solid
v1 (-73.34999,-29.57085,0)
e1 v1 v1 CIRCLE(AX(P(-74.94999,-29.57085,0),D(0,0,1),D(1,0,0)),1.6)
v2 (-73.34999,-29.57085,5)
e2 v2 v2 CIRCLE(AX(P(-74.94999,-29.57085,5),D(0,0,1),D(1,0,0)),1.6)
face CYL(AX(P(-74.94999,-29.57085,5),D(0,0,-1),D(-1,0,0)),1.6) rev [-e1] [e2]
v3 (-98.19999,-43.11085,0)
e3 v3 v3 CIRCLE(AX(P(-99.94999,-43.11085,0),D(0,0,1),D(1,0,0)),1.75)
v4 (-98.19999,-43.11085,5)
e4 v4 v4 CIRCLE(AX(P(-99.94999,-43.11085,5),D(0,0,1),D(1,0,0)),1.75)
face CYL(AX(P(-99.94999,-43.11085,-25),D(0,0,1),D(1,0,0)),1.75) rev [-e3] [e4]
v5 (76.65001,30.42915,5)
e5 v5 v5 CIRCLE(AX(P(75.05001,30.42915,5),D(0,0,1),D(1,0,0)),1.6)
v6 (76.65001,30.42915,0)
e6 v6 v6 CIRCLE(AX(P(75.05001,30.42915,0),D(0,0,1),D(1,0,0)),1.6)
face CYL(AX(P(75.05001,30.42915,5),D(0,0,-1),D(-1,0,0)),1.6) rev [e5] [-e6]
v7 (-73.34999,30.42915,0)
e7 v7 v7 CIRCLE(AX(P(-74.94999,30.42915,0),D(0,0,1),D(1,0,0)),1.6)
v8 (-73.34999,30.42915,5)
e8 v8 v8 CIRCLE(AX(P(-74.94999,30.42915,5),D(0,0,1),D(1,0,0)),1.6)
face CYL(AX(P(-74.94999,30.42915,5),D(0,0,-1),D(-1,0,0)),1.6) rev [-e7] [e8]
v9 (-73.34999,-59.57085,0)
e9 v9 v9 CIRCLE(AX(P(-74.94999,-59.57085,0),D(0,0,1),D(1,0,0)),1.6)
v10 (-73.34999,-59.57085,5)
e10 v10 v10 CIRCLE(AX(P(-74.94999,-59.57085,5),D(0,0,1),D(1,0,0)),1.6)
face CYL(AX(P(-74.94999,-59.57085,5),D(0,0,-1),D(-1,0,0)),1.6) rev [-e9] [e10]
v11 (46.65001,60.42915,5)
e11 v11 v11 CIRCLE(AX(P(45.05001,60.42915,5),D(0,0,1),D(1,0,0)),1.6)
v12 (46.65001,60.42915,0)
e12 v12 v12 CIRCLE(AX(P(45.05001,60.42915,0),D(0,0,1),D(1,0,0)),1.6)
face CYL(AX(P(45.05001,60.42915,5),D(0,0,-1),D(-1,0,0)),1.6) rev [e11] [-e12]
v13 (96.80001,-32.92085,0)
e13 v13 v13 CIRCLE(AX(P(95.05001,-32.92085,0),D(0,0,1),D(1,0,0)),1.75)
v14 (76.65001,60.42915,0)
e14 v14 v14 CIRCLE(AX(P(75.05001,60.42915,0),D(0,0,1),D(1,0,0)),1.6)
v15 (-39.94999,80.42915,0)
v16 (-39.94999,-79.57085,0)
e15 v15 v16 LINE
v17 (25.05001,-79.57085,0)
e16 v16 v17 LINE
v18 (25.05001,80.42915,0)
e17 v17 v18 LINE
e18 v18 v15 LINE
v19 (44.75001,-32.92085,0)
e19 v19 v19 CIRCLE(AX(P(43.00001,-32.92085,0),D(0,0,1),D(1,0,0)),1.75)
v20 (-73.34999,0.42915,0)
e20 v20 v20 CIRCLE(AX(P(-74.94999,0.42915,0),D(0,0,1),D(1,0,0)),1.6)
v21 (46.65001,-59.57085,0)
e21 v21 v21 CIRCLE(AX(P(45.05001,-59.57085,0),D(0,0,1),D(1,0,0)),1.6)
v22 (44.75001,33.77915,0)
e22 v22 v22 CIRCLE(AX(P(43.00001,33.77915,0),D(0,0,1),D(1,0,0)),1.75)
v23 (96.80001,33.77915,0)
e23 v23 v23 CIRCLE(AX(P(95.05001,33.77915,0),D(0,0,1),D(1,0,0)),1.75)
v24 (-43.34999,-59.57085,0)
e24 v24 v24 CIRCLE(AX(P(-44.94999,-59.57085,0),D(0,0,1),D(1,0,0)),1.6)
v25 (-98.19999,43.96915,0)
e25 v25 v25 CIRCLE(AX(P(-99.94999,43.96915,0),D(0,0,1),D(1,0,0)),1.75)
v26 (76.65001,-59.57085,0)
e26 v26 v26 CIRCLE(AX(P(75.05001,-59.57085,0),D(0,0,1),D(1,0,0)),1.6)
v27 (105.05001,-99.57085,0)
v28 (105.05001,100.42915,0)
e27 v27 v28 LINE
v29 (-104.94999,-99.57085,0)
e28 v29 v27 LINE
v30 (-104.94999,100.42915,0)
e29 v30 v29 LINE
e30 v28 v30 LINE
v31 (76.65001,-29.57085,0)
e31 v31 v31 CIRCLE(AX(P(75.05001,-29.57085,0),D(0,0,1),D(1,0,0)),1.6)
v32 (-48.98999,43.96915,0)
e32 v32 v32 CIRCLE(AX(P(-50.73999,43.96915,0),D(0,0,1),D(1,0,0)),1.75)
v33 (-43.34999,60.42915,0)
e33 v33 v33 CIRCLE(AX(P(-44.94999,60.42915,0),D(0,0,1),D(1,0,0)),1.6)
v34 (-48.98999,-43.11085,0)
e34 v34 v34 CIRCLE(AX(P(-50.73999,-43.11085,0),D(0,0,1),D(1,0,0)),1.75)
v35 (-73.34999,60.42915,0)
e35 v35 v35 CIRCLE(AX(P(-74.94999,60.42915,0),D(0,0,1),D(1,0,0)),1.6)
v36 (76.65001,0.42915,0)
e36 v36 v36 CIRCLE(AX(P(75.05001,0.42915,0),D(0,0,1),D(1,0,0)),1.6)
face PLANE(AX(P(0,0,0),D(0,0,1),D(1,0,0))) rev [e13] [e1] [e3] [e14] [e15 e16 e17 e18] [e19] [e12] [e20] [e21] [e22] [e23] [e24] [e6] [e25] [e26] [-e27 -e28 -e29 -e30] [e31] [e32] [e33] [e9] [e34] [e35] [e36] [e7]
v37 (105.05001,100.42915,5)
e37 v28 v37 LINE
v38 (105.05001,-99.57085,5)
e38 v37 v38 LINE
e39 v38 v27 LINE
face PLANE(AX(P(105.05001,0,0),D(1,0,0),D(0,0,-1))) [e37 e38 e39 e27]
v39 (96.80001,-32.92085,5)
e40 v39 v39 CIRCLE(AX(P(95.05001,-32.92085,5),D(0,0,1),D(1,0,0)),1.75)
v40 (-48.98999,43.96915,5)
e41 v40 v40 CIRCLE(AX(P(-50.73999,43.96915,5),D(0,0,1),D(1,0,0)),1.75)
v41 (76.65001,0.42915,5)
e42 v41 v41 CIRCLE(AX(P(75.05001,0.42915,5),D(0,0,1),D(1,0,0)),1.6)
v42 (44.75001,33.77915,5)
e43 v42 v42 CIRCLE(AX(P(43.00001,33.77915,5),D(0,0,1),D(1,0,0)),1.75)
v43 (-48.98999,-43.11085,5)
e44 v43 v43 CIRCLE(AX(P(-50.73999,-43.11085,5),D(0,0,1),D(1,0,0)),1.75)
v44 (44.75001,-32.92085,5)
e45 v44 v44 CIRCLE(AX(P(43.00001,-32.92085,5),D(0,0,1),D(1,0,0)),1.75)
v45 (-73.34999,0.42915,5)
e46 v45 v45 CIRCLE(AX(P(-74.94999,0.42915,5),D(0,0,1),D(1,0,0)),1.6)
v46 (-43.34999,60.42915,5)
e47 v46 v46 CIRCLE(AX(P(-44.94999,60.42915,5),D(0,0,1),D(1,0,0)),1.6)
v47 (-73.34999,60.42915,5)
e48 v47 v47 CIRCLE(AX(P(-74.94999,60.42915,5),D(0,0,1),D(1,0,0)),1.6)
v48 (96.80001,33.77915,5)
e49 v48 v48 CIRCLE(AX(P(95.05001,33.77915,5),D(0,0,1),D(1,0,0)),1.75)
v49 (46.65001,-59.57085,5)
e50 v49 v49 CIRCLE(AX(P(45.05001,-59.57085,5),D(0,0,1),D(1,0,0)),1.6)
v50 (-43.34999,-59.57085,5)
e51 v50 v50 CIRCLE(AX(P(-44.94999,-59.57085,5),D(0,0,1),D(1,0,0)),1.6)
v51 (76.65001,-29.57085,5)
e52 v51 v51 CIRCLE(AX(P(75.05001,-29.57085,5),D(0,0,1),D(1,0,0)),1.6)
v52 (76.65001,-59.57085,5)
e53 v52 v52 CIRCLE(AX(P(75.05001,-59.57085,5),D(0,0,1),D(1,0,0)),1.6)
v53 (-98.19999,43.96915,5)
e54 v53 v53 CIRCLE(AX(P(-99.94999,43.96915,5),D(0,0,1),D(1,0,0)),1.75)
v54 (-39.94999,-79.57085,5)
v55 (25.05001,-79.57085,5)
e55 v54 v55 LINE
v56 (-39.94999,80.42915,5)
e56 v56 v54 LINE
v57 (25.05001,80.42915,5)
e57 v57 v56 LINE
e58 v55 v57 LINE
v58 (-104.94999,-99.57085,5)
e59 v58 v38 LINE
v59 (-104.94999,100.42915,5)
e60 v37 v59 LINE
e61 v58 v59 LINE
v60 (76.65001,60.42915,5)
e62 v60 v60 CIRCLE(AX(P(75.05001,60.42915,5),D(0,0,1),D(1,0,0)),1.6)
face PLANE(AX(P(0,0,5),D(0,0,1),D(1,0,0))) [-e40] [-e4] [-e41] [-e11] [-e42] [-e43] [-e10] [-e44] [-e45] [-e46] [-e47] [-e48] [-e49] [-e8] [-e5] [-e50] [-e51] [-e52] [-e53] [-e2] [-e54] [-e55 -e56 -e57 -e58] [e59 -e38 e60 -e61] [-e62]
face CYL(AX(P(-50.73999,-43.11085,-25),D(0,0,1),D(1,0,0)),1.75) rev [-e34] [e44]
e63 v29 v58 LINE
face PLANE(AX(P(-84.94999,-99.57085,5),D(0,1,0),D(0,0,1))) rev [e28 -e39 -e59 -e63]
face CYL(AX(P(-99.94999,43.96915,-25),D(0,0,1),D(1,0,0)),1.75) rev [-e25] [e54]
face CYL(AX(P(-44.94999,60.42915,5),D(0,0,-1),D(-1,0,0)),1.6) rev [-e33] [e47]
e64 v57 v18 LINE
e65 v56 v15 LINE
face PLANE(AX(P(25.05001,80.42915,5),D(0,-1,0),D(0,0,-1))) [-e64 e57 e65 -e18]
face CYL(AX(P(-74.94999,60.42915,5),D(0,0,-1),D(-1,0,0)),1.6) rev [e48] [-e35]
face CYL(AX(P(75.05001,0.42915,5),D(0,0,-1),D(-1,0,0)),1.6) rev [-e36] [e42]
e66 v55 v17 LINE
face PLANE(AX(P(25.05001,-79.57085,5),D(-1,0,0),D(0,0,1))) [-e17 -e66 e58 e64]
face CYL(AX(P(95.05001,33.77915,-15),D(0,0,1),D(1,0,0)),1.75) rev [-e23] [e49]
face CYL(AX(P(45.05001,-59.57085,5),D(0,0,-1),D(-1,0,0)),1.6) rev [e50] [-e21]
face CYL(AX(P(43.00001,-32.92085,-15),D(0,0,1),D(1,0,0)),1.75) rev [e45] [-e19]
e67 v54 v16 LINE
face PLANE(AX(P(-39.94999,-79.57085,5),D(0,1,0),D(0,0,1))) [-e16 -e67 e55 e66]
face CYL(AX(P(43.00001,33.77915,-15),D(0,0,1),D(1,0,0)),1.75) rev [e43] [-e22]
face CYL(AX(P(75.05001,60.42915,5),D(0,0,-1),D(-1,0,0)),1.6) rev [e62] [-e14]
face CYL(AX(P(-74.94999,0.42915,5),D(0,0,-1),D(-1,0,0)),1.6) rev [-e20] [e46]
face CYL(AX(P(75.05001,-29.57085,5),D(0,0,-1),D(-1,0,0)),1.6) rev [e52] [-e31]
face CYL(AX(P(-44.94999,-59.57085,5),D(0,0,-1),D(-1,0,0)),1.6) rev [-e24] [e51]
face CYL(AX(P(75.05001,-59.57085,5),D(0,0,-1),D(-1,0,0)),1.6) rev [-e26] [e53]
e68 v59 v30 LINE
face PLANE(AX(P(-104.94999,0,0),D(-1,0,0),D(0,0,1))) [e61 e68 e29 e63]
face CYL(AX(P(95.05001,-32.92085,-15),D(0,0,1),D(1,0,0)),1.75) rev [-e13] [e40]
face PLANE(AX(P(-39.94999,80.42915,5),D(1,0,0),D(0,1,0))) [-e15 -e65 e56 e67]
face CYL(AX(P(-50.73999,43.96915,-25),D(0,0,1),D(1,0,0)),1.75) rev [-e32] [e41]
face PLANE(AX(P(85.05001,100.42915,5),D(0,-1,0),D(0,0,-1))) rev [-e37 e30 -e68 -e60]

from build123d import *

# Parameters (mm, degrees)
SKETCH_1_W          = 170
SKETCH_1_H          = 200
SKETCH_1_R          = 1.6
SKETCH_1_W_2        = 65
SKETCH_1_H_2        = 160
EXTRUDE_1_DEPTH     = 5
SKETCH_5_W          = 5
SKETCH_5_H          = 200
EXTRUDE_2_DEPTH     = 20
SKETCH_4_R          = 1.75
CUT_EXTRUDE_1_DEPTH = 30
SKETCH_6_W          = 5
SKETCH_6_H          = 200
EXTRUDE_3_DEPTH     = 20
CUT_EXTRUDE_2_DEPTH = 20


with BuildPart() as part:
    # 草图1 → 凸台-拉伸1 (new body)
    with BuildSketch(Plane.XY):
        with Locations((0.050009972, 0.429149843)):
            Rectangle(SKETCH_1_W, SKETCH_1_H)
        with Locations((-74.949990028, 60.429149843)):
            Circle(SKETCH_1_R, mode=Mode.SUBTRACT)
        with Locations((-74.949990028, -59.570850157)):
            Circle(SKETCH_1_R, mode=Mode.SUBTRACT)
        with Locations((75.050009972, -59.570850157)):
            Circle(SKETCH_1_R, mode=Mode.SUBTRACT)
        with Locations((75.050009972, 60.429149843)):
            Circle(SKETCH_1_R, mode=Mode.SUBTRACT)
        with Locations((75.050009972, 30.429149843)):
            Circle(SKETCH_1_R, mode=Mode.SUBTRACT)
        with Locations((-74.949990028, 30.429149843)):
            Circle(SKETCH_1_R, mode=Mode.SUBTRACT)
        with Locations((45.050009972, -59.570850157)):
            Circle(SKETCH_1_R, mode=Mode.SUBTRACT)
        with Locations((-74.949990028, 0.429149843)):
            Circle(SKETCH_1_R, mode=Mode.SUBTRACT)
        with Locations((75.050009972, 0.429149843)):
            Circle(SKETCH_1_R, mode=Mode.SUBTRACT)
        with Locations((-74.949990028, -29.570850157)):
            Circle(SKETCH_1_R, mode=Mode.SUBTRACT)
        with Locations((75.050009972, -29.570850157)):
            Circle(SKETCH_1_R, mode=Mode.SUBTRACT)
        with Locations((-44.949990028, -59.570850157)):
            Circle(SKETCH_1_R, mode=Mode.SUBTRACT)
        with Locations((45.050009972, 60.429149843)):
            Circle(SKETCH_1_R, mode=Mode.SUBTRACT)
        with Locations((-44.949990028, 60.429149843)):
            Circle(SKETCH_1_R, mode=Mode.SUBTRACT)
        with Locations((-7.449990028, 0.429149843)):
            Rectangle(SKETCH_1_W_2, SKETCH_1_H_2, mode=Mode.SUBTRACT)
    extrude(amount=EXTRUDE_1_DEPTH)

    # 草图5 → 凸台-拉伸2 (add)
    with BuildSketch(Plane.ZY.offset(84.949990028)):
        with Locations((2.5, 0.429149843)):
            Rectangle(SKETCH_5_W, SKETCH_5_H)
    extrude(amount=EXTRUDE_2_DEPTH)

    # 草图4 → 切除-拉伸1 (cut)
    with BuildSketch(Plane.XY.offset(5)):
        with BuildLine():
            Line((-99.949990028, 42.219149843), (-99.949990028, 43.969149843))
            Line((-99.949990028, 43.969149843), (-98.199990028, 43.969149843))
            ThreePointArc((-98.199990028, 43.969149843), (-101.187426895, 45.206586711), (-99.949990028, 42.219149843))
        make_face()
        with BuildLine():
            Line((-98.199990028, 43.969149843), (-99.949990028, 43.969149843))
            Line((-99.949990028, 43.969149843), (-99.949990028, 42.219149843))
            ThreePointArc((-99.949990028, 42.219149843), (-98.712553161, 42.731712976), (-98.199990028, 43.969149843))
        make_face()
        with BuildLine():
            Line((-99.949990028, 42.219149843), (-99.949990028, 43.969149843))
            Line((-99.949990028, 43.969149843), (-98.199990028, 43.969149843))
            ThreePointArc((-98.199990028, 43.969149843), (-101.187426895, 45.206586711), (-99.949990028, 42.219149843))
        make_face()
        with BuildLine():
            Line((-98.199990028, 43.969149843), (-99.949990028, 43.969149843))
            Line((-99.949990028, 43.969149843), (-99.949990028, 42.219149843))
            ThreePointArc((-99.949990028, 42.219149843), (-98.712553161, 42.731712976), (-98.199990028, 43.969149843))
        make_face()
        with BuildLine():
            ThreePointArc((-98.199990028, -43.110850157), (-98.712553161, -41.873413289), (-99.949990028, -41.360850157))
            Line((-99.949990028, -41.360850157), (-99.949990028, -43.110850157))
            Line((-99.949990028, -43.110850157), (-98.199990028, -43.110850157))
        make_face()
        with BuildLine():
            Line((-99.949990028, -43.110850157), (-99.949990028, -41.360850157))
            ThreePointArc((-99.949990028, -41.360850157), (-101.187426895, -44.348287024), (-98.199990028, -43.110850157))
            Line((-98.199990028, -43.110850157), (-99.949990028, -43.110850157))
        make_face()
        with BuildLine():
            ThreePointArc((-98.199990028, -43.110850157), (-98.712553161, -41.873413289), (-99.949990028, -41.360850157))
            Line((-99.949990028, -41.360850157), (-99.949990028, -43.110850157))
            Line((-99.949990028, -43.110850157), (-98.199990028, -43.110850157))
        make_face()
        with BuildLine():
            Line((-99.949990028, -43.110850157), (-99.949990028, -41.360850157))
            ThreePointArc((-99.949990028, -41.360850157), (-101.187426895, -44.348287024), (-98.199990028, -43.110850157))
            Line((-98.199990028, -43.110850157), (-99.949990028, -43.110850157))
        make_face()
        with BuildLine():
            ThreePointArc((-48.989990028, -43.110850157), (-49.502553161, -41.873413289), (-50.739990028, -41.360850157))
            Line((-50.739990028, -41.360850157), (-50.739990028, -43.110850157))
            Line((-50.739990028, -43.110850157), (-52.489990028, -43.110850157))
            ThreePointArc((-52.489990028, -43.110850157), (-50.739990028, -44.860850157), (-48.989990028, -43.110850157))
        make_face()
        with BuildLine():
            Line((-50.739990028, -43.110850157), (-50.739990028, -41.360850157))
            ThreePointArc((-50.739990028, -41.360850157), (-51.977426895, -41.873413289), (-52.489990028, -43.110850157))
            Line((-52.489990028, -43.110850157), (-50.739990028, -43.110850157))
        make_face()
        with BuildLine():
            ThreePointArc((-48.989990028, -43.110850157), (-49.502553161, -41.873413289), (-50.739990028, -41.360850157))
            Line((-50.739990028, -41.360850157), (-50.739990028, -43.110850157))
            Line((-50.739990028, -43.110850157), (-52.489990028, -43.110850157))
            ThreePointArc((-52.489990028, -43.110850157), (-50.739990028, -44.860850157), (-48.989990028, -43.110850157))
        make_face()
        with BuildLine():
            Line((-50.739990028, -43.110850157), (-50.739990028, -41.360850157))
            ThreePointArc((-50.739990028, -41.360850157), (-51.977426895, -41.873413289), (-52.489990028, -43.110850157))
            Line((-52.489990028, -43.110850157), (-50.739990028, -43.110850157))
        make_face()
        with Locations((-50.739990028, 43.969149843)):
            Circle(SKETCH_4_R)
    extrude(amount=-CUT_EXTRUDE_1_DEPTH, mode=Mode.SUBTRACT)

    # 草图6 → 凸台-拉伸3 (add)
    with BuildSketch(Plane(origin=(85.050009972, 0, 0), x_dir=(0, 0, -1), z_dir=(1, 0, 0))):
        with Locations((-2.5, 0.429149843)):
            Rectangle(SKETCH_6_W, SKETCH_6_H)
    extrude(amount=EXTRUDE_3_DEPTH)

    # 草图7 → 切除-拉伸2 (cut)
    with BuildSketch(Plane.XY.offset(5)):
        with BuildLine():
            Line((43.000009972, 32.029149843), (43.000009972, 33.779149843))
            Line((43.000009972, 33.779149843), (44.750009972, 33.779149843))
            ThreePointArc((44.750009972, 33.779149843), (41.762573105, 35.016586711), (43.000009972, 32.029149843))
        make_face()
        with BuildLine():
            Line((44.750009972, 33.779149843), (43.000009972, 33.779149843))
            Line((43.000009972, 33.779149843), (43.000009972, 32.029149843))
            ThreePointArc((43.000009972, 32.029149843), (44.237446839, 32.541712976), (44.750009972, 33.779149843))
        make_face()
        with BuildLine():
            Line((43.000009972, 32.029149843), (43.000009972, 33.779149843))
            Line((43.000009972, 33.779149843), (44.750009972, 33.779149843))
            ThreePointArc((44.750009972, 33.779149843), (41.762573105, 35.016586711), (43.000009972, 32.029149843))
        make_face()
        with BuildLine():
            Line((44.750009972, 33.779149843), (43.000009972, 33.779149843))
            Line((43.000009972, 33.779149843), (43.000009972, 32.029149843))
            ThreePointArc((43.000009972, 32.029149843), (44.237446839, 32.541712976), (44.750009972, 33.779149843))
        make_face()
        with BuildLine():
            ThreePointArc((44.750009972, -32.920850157), (44.237446839, -31.683413289), (43.000009972, -31.170850157))
            Line((43.000009972, -31.170850157), (43.000009972, -32.920850157))
            Line((43.000009972, -32.920850157), (44.750009972, -32.920850157))
        make_face()
        with BuildLine():
            Line((43.000009972, -32.920850157), (43.000009972, -31.170850157))
            ThreePointArc((43.000009972, -31.170850157), (41.762573105, -34.158287024), (44.750009972, -32.920850157))
            Line((44.750009972, -32.920850157), (43.000009972, -32.920850157))
        make_face()
        with BuildLine():
            ThreePointArc((44.750009972, -32.920850157), (44.237446839, -31.683413289), (43.000009972, -31.170850157))
            Line((43.000009972, -31.170850157), (43.000009972, -32.920850157))
            Line((43.000009972, -32.920850157), (44.750009972, -32.920850157))
        make_face()
        with BuildLine():
            Line((43.000009972, -32.920850157), (43.000009972, -31.170850157))
            ThreePointArc((43.000009972, -31.170850157), (41.762573105, -34.158287024), (44.750009972, -32.920850157))
            Line((44.750009972, -32.920850157), (43.000009972, -32.920850157))
        make_face()
        with BuildLine():
            ThreePointArc((96.800009972, -32.920850157), (96.287446839, -31.683413289), (95.050009972, -31.170850157))
            Line((95.050009972, -31.170850157), (95.050009972, -32.920850157))
            Line((95.050009972, -32.920850157), (93.300009972, -32.920850157))
            ThreePointArc((93.300009972, -32.920850157), (95.050009972, -34.670850157), (96.800009972, -32.920850157))
        make_face()
        with BuildLine():
            Line((95.050009972, -32.920850157), (95.050009972, -31.170850157))
            ThreePointArc((95.050009972, -31.170850157), (93.812573105, -31.683413289), (93.300009972, -32.920850157))
            Line((93.300009972, -32.920850157), (95.050009972, -32.920850157))
        make_face()
        with BuildLine():
            ThreePointArc((96.800009972, -32.920850157), (96.287446839, -31.683413289), (95.050009972, -31.170850157))
            Line((95.050009972, -31.170850157), (95.050009972, -32.920850157))
            Line((95.050009972, -32.920850157), (93.300009972, -32.920850157))
            ThreePointArc((93.300009972, -32.920850157), (95.050009972, -34.670850157), (96.800009972, -32.920850157))
        make_face()
        with BuildLine():
            Line((95.050009972, -32.920850157), (95.050009972, -31.170850157))
            ThreePointArc((95.050009972, -31.170850157), (93.812573105, -31.683413289), (93.300009972, -32.920850157))
            Line((93.300009972, -32.920850157), (95.050009972, -32.920850157))
        make_face()
        with BuildLine():
            ThreePointArc((96.800009972, 33.779149843), (95.050009972, 35.529149843), (93.300009972, 33.779149843))
            Line((93.300009972, 33.779149843), (95.050009972, 33.779149843))
            Line((95.050009972, 33.779149843), (95.050009972, 32.029149843))
            ThreePointArc((95.050009972, 32.029149843), (96.287446839, 32.541712976), (96.800009972, 33.779149843))
        make_face()
        with BuildLine():
            Line((95.050009972, 33.779149843), (93.300009972, 33.779149843))
            ThreePointArc((93.300009972, 33.779149843), (93.812573105, 32.541712976), (95.050009972, 32.029149843))
            Line((95.050009972, 32.029149843), (95.050009972, 33.779149843))
        make_face()
        with BuildLine():
            ThreePointArc((96.800009972, 33.779149843), (95.050009972, 35.529149843), (93.300009972, 33.779149843))
            Line((93.300009972, 33.779149843), (95.050009972, 33.779149843))
            Line((95.050009972, 33.779149843), (95.050009972, 32.029149843))
            ThreePointArc((95.050009972, 32.029149843), (96.287446839, 32.541712976), (96.800009972, 33.779149843))
        make_face()
        with BuildLine():
            Line((95.050009972, 33.779149843), (93.300009972, 33.779149843))
            ThreePointArc((93.300009972, 33.779149843), (93.812573105, 32.541712976), (95.050009972, 32.029149843))
            Line((95.050009972, 32.029149843), (95.050009972, 33.779149843))
        make_face()
    extrude(amount=-CUT_EXTRUDE_2_DEPTH, mode=Mode.SUBTRACT)


solid = part.part
